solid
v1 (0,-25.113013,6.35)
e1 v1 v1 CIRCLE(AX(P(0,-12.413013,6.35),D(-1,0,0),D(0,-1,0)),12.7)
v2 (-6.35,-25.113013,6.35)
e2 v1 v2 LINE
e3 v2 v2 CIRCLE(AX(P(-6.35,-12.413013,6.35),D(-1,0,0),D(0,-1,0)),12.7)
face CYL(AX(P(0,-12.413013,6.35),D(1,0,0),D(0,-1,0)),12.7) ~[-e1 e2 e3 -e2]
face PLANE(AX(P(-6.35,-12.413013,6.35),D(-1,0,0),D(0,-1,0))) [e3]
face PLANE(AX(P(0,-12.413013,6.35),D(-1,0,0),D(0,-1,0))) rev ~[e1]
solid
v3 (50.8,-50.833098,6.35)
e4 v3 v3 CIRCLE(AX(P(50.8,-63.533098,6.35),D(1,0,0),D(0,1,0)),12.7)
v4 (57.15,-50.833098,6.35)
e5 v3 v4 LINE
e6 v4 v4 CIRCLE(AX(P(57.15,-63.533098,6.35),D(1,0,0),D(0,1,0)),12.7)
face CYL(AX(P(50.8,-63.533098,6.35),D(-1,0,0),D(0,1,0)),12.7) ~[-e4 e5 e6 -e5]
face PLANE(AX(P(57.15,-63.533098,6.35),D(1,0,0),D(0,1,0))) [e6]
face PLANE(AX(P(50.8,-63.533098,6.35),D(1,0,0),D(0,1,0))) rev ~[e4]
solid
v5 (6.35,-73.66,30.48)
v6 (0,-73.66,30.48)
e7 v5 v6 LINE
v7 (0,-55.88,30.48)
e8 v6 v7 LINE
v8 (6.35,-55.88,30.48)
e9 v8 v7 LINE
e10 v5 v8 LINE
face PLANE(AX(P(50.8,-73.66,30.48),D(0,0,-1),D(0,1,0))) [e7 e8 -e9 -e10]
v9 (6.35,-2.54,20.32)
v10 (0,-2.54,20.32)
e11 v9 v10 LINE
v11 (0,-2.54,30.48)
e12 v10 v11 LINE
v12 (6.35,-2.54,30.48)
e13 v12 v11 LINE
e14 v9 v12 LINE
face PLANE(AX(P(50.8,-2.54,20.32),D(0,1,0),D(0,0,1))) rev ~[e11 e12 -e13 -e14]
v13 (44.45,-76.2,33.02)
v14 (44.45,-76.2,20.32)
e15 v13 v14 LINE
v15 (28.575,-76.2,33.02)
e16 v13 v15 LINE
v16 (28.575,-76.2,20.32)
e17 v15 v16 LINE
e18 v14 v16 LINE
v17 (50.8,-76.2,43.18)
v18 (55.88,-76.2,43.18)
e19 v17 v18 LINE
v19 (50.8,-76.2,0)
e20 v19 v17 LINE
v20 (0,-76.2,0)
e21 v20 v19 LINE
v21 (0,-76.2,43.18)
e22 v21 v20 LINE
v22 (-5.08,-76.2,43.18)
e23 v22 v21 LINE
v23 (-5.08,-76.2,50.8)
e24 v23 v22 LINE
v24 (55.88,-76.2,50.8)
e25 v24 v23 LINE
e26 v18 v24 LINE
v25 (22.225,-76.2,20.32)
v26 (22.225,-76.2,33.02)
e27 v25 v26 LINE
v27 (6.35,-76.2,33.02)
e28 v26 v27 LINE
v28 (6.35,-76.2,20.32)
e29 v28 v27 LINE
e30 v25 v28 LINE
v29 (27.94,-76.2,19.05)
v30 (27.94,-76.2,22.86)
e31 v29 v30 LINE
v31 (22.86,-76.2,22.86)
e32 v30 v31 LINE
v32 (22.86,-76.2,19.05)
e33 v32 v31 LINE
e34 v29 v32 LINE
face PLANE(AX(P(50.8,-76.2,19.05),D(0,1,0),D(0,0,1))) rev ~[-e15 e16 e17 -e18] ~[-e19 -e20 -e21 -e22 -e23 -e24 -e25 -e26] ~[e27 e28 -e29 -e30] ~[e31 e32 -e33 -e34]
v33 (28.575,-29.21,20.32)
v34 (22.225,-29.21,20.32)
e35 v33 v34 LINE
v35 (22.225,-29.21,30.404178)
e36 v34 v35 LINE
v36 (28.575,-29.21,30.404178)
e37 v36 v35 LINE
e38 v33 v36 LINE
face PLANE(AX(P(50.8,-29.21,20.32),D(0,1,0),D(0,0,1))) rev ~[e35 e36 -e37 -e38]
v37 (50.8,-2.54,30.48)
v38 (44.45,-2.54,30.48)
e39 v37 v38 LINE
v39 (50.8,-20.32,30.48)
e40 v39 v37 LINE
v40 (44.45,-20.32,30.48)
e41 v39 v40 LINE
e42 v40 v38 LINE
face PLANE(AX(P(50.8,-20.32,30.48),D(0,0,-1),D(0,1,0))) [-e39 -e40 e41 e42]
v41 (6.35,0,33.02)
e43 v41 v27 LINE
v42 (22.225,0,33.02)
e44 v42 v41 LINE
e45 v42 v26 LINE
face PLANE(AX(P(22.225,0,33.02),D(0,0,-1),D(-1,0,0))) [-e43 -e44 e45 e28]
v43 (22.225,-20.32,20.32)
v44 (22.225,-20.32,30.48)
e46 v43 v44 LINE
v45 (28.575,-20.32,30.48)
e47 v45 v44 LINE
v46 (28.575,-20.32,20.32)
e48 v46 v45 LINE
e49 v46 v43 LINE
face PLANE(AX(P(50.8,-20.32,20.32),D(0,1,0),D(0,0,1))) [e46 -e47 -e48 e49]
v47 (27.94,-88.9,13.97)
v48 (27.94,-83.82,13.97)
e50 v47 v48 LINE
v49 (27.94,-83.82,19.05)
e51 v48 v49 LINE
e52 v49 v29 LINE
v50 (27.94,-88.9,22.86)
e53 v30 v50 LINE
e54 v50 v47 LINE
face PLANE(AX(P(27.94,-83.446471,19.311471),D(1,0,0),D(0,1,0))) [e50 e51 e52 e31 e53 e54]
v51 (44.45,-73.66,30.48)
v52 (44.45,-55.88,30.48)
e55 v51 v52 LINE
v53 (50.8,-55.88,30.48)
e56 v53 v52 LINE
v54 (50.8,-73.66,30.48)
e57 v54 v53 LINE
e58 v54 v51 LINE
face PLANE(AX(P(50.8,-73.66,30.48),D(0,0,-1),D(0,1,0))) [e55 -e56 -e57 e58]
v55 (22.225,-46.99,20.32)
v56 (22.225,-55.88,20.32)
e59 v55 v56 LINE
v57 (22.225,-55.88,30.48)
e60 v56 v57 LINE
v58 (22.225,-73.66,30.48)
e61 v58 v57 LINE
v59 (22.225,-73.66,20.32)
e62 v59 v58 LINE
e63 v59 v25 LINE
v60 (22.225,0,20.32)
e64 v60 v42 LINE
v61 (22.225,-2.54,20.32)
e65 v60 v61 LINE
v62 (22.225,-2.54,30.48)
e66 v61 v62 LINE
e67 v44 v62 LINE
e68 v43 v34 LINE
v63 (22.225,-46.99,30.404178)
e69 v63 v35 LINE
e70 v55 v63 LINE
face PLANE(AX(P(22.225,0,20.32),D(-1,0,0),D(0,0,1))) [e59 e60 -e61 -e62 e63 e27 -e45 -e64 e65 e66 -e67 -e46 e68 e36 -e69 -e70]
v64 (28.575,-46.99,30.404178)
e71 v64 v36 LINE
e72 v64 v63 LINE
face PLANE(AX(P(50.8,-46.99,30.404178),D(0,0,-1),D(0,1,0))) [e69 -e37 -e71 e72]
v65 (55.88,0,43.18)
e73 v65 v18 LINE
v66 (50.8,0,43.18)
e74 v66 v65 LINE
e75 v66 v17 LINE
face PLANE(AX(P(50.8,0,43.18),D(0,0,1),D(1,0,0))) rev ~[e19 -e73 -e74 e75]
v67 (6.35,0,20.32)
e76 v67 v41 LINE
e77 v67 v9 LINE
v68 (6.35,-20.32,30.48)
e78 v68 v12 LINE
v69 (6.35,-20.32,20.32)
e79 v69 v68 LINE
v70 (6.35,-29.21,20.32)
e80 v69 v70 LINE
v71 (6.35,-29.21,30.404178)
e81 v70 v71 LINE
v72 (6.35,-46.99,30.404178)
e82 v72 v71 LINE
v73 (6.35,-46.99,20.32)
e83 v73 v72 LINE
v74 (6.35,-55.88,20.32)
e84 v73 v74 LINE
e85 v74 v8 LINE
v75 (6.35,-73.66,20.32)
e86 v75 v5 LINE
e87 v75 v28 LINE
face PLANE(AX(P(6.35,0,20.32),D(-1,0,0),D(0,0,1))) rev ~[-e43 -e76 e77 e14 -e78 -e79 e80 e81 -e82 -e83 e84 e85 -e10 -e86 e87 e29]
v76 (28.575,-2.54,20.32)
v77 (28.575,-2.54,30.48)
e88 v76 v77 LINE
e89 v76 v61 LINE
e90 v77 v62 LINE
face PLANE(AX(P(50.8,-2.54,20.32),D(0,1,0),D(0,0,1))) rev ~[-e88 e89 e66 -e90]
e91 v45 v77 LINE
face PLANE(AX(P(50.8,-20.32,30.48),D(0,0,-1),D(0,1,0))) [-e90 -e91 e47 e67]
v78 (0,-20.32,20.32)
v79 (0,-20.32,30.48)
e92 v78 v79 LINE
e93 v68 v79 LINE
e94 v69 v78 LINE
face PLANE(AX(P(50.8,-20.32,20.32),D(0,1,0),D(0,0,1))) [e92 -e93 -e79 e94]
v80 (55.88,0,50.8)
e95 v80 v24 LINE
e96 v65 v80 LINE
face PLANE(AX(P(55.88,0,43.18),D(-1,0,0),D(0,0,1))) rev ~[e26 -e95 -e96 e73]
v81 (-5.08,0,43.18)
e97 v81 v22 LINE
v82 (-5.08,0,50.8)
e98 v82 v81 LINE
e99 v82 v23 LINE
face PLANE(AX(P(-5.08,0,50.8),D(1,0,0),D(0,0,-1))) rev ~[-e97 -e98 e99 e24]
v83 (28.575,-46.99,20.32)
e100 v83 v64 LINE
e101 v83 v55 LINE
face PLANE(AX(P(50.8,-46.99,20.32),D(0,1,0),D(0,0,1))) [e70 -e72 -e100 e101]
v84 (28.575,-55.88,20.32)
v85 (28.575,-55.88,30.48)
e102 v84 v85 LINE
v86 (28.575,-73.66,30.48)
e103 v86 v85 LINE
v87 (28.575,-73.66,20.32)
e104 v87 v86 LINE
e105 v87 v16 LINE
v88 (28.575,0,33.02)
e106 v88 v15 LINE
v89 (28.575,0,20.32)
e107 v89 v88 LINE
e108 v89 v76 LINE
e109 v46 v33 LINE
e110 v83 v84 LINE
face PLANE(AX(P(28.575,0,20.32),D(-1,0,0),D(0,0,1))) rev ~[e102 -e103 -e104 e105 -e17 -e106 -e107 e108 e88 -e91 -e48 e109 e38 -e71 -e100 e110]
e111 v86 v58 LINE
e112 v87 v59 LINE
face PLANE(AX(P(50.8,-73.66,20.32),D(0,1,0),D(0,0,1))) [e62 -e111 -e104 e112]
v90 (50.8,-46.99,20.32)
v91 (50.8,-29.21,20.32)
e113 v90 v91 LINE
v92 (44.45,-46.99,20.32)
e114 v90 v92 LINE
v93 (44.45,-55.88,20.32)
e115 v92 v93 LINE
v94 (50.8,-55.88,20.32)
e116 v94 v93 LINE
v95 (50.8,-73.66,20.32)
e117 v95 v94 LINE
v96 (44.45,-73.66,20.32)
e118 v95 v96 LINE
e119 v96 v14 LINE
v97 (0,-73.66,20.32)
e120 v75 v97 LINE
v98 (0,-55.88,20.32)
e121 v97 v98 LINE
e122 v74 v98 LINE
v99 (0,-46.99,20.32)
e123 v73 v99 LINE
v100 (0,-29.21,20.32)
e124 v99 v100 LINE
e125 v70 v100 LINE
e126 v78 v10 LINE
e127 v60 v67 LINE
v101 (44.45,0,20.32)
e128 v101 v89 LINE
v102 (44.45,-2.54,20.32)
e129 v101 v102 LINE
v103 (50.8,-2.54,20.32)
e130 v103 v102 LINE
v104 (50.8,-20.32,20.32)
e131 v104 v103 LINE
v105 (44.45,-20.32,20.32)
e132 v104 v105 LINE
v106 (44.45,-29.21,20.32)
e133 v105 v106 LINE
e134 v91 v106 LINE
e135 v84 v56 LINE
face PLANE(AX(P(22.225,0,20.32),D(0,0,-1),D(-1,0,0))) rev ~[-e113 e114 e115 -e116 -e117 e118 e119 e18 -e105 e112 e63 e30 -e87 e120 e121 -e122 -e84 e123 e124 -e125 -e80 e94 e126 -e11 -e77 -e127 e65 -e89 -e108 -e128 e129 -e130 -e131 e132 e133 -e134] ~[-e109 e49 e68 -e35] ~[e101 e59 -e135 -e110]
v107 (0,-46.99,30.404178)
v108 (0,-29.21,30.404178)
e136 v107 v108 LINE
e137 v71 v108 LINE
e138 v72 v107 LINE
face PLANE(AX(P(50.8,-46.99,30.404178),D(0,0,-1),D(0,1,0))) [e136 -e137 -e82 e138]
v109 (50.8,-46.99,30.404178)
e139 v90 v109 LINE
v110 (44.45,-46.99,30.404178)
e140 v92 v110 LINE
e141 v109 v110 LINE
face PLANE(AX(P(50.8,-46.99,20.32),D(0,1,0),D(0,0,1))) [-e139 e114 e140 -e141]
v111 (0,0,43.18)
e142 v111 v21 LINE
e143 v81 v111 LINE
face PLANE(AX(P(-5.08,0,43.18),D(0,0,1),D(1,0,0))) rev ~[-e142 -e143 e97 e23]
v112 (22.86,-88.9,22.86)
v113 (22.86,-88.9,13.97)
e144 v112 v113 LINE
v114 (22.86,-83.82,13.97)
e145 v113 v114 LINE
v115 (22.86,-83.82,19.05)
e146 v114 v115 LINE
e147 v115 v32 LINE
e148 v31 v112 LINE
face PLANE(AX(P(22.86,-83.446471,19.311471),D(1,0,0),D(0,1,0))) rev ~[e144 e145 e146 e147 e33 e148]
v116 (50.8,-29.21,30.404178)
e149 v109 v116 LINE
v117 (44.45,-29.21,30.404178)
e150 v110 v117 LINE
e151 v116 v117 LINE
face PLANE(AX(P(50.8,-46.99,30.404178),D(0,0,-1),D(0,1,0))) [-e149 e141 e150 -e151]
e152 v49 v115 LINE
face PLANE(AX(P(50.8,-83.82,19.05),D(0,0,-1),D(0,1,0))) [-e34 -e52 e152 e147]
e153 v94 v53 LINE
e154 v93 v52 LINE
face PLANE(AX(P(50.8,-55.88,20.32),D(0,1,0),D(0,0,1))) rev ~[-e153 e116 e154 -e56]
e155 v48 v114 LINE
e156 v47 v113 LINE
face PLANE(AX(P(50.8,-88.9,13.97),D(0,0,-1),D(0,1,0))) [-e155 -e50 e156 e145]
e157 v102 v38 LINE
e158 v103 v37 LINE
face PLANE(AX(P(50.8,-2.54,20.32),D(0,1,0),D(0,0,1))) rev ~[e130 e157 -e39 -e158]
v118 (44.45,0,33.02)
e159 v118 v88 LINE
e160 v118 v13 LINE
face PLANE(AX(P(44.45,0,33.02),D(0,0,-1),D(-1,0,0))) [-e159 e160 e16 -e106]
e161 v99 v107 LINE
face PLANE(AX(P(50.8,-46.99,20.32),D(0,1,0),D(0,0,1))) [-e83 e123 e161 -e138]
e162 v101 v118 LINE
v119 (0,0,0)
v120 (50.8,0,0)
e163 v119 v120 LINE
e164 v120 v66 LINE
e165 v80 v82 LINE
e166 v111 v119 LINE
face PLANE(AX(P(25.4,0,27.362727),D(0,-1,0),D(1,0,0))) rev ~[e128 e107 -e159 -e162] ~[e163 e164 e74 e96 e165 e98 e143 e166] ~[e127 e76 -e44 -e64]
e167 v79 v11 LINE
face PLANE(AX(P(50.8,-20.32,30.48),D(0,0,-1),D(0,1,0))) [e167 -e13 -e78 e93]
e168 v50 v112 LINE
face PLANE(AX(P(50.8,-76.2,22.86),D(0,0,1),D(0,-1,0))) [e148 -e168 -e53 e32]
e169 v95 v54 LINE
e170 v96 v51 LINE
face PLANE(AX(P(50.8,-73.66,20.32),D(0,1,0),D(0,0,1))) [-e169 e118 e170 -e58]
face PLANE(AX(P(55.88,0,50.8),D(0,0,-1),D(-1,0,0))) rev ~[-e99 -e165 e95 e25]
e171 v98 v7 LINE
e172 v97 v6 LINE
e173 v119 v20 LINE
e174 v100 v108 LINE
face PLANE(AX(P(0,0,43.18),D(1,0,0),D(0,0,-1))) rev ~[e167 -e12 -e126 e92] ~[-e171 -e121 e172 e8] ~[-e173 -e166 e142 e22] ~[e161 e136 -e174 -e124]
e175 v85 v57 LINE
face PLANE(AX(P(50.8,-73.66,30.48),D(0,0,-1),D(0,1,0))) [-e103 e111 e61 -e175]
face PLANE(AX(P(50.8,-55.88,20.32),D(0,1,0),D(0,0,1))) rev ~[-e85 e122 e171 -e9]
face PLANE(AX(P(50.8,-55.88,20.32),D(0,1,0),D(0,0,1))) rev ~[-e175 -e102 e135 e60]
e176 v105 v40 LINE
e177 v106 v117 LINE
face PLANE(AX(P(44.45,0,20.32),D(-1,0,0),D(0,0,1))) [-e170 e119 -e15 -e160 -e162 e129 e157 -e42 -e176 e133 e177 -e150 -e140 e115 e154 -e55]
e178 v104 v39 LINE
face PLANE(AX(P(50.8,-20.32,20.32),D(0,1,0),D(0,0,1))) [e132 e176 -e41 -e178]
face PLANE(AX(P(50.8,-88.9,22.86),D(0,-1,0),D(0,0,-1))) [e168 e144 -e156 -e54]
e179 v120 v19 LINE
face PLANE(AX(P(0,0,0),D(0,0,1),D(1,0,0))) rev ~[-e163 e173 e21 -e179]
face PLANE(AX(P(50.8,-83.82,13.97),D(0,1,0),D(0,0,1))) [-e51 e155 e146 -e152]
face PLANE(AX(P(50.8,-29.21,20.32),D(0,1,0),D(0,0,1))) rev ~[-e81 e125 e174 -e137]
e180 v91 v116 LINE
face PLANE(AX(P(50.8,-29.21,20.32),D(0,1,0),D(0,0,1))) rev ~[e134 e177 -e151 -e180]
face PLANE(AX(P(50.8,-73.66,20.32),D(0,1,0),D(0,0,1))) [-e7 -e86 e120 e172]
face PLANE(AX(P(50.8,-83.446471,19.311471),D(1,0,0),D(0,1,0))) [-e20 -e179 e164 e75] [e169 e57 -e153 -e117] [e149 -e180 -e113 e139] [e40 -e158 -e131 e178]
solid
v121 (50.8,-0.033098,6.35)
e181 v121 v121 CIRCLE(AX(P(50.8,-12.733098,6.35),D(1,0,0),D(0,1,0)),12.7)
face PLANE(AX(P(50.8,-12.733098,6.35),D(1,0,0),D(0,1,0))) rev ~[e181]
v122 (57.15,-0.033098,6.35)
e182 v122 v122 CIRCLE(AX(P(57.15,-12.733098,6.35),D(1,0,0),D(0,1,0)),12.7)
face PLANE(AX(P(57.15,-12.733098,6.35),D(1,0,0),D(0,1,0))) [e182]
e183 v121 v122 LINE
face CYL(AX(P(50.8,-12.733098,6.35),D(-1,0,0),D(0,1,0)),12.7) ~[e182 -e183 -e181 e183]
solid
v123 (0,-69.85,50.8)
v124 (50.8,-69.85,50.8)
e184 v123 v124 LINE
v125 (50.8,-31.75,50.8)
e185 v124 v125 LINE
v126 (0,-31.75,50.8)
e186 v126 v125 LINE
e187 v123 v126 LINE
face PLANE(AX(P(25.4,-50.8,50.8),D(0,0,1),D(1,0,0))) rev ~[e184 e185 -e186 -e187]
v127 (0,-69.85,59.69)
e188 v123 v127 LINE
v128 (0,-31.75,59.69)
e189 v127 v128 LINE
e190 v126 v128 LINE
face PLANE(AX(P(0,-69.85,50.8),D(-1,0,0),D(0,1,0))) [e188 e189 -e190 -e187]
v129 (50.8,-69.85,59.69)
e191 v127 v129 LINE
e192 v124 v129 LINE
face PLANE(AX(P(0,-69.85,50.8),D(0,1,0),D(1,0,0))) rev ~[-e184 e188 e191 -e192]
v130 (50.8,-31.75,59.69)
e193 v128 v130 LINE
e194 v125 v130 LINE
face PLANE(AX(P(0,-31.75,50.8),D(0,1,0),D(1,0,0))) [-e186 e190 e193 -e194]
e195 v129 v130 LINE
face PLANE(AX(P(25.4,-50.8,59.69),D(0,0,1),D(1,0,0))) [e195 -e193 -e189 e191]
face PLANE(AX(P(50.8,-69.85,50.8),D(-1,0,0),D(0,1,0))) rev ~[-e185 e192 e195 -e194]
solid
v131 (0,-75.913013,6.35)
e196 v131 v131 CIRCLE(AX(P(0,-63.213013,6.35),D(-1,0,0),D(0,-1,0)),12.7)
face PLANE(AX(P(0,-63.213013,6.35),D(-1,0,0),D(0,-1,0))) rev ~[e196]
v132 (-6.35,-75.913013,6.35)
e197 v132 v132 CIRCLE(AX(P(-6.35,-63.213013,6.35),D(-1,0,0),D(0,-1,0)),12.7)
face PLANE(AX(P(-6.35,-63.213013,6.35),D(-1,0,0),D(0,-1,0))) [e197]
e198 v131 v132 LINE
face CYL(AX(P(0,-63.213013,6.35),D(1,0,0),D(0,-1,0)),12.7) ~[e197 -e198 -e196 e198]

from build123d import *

# Parameters (mm, degrees)
F1_DEPTH  = 76.2
F2_W      = 17.78
F2_H      = 10.16
F2_H_2    = 10.084178
F3_DEPTH  = 50.8
F4_R      = 12.7
F5_DEPTH  = 6.35
F7_W      = 15.875
F7_H      = 12.7
F8_DEPTH  = 76.2
F9_W      = 50.8
F9_H      = 38.1
F10_DEPTH = 8.89
F12_DEPTH = 27.94
F13_DEPTH = 22.86
F6_R      = 12.7
F14_DEPTH = 6.35


with BuildPart() as f1:
    # F0 (on Front) → F1 (new body)
    with BuildSketch(Plane.XZ):
        Polygon((55.88, 50.8), (0, 50.8), (-5.08, 50.8), (-5.08, 43.18), (0, 43.18), (0, 0), (50.8, 0), (50.8, 43.18), (55.88, 43.18), align=None)
    extrude(amount=F1_DEPTH)

    # F2 (on face) → F3 (cut)
    with BuildSketch(Plane.YZ.offset(50.8)):
        with Locations((-64.77, 25.4)):
            Rectangle(F2_W, F2_H)
        with Locations((-38.1, 25.362089)):
            Rectangle(F2_W, F2_H_2)
        with Locations((-11.43, 25.4)):
            Rectangle(F2_W, F2_H)
    extrude(amount=-F3_DEPTH, mode=Mode.SUBTRACT)

    # F7 (on face) → F8 (cut)
    with BuildSketch(Plane(origin=(0, 0, 0), x_dir=(-1, 0, 0), z_dir=(0, 1, 0))):
        with Locations((-36.5125, 26.67)):
            Rectangle(F7_W, F7_H)
        with Locations((-14.2875, 26.67)):
            Rectangle(F7_W, F7_H)
    extrude(amount=-F8_DEPTH, mode=Mode.SUBTRACT)

    # F11 (on face) → F12 (join)
    with BuildSketch(Plane.YZ.offset(50.8)):
        Polygon((-76.2, 19.05), (-76.2, 22.86), (-88.9, 22.86), (-88.9, 13.97), (-83.82, 13.97), (-83.82, 19.05), align=None)
    extrude(amount=-F12_DEPTH)

    # F11 (on face) → F13 (cut)
    with BuildSketch(Plane.YZ.offset(50.8)):
        Polygon((-76.2, 19.05), (-76.2, 22.86), (-88.9, 22.86), (-88.9, 13.97), (-83.82, 13.97), (-83.82, 19.05), align=None)
    extrude(amount=-F13_DEPTH, mode=Mode.SUBTRACT)


with BuildPart() as f5:
    # F4 (on face) → F5 (new body)
    with BuildSketch(Plane.YZ.offset(50.8)):
        with Locations((-63.533098, 6.35)):
            Circle(F4_R)
        with Locations((-12.733098, 6.35)):
            Circle(F4_R)
    extrude(amount=F5_DEPTH)


with BuildPart() as f10:
    # F9 (on face) → F10 (new body)
    with BuildSketch(Plane.XY.offset(50.8)):
        with Locations((25.4, -50.8)):
            Rectangle(F9_W, F9_H)
    extrude(amount=F10_DEPTH)


with BuildPart() as f14:
    # F6 (on face) → F14 (new body)
    with BuildSketch(Plane(origin=(0, 0, 0), x_dir=(0, -1, 0), z_dir=(-1, 0, 0))):
        with Locations((63.213013, 6.35)):
            Circle(F6_R)
        with Locations((12.413013, 6.35)):
            Circle(F6_R)
    extrude(amount=F14_DEPTH)


solid = Compound([f1.part, f5.part, f10.part, f14.part])
